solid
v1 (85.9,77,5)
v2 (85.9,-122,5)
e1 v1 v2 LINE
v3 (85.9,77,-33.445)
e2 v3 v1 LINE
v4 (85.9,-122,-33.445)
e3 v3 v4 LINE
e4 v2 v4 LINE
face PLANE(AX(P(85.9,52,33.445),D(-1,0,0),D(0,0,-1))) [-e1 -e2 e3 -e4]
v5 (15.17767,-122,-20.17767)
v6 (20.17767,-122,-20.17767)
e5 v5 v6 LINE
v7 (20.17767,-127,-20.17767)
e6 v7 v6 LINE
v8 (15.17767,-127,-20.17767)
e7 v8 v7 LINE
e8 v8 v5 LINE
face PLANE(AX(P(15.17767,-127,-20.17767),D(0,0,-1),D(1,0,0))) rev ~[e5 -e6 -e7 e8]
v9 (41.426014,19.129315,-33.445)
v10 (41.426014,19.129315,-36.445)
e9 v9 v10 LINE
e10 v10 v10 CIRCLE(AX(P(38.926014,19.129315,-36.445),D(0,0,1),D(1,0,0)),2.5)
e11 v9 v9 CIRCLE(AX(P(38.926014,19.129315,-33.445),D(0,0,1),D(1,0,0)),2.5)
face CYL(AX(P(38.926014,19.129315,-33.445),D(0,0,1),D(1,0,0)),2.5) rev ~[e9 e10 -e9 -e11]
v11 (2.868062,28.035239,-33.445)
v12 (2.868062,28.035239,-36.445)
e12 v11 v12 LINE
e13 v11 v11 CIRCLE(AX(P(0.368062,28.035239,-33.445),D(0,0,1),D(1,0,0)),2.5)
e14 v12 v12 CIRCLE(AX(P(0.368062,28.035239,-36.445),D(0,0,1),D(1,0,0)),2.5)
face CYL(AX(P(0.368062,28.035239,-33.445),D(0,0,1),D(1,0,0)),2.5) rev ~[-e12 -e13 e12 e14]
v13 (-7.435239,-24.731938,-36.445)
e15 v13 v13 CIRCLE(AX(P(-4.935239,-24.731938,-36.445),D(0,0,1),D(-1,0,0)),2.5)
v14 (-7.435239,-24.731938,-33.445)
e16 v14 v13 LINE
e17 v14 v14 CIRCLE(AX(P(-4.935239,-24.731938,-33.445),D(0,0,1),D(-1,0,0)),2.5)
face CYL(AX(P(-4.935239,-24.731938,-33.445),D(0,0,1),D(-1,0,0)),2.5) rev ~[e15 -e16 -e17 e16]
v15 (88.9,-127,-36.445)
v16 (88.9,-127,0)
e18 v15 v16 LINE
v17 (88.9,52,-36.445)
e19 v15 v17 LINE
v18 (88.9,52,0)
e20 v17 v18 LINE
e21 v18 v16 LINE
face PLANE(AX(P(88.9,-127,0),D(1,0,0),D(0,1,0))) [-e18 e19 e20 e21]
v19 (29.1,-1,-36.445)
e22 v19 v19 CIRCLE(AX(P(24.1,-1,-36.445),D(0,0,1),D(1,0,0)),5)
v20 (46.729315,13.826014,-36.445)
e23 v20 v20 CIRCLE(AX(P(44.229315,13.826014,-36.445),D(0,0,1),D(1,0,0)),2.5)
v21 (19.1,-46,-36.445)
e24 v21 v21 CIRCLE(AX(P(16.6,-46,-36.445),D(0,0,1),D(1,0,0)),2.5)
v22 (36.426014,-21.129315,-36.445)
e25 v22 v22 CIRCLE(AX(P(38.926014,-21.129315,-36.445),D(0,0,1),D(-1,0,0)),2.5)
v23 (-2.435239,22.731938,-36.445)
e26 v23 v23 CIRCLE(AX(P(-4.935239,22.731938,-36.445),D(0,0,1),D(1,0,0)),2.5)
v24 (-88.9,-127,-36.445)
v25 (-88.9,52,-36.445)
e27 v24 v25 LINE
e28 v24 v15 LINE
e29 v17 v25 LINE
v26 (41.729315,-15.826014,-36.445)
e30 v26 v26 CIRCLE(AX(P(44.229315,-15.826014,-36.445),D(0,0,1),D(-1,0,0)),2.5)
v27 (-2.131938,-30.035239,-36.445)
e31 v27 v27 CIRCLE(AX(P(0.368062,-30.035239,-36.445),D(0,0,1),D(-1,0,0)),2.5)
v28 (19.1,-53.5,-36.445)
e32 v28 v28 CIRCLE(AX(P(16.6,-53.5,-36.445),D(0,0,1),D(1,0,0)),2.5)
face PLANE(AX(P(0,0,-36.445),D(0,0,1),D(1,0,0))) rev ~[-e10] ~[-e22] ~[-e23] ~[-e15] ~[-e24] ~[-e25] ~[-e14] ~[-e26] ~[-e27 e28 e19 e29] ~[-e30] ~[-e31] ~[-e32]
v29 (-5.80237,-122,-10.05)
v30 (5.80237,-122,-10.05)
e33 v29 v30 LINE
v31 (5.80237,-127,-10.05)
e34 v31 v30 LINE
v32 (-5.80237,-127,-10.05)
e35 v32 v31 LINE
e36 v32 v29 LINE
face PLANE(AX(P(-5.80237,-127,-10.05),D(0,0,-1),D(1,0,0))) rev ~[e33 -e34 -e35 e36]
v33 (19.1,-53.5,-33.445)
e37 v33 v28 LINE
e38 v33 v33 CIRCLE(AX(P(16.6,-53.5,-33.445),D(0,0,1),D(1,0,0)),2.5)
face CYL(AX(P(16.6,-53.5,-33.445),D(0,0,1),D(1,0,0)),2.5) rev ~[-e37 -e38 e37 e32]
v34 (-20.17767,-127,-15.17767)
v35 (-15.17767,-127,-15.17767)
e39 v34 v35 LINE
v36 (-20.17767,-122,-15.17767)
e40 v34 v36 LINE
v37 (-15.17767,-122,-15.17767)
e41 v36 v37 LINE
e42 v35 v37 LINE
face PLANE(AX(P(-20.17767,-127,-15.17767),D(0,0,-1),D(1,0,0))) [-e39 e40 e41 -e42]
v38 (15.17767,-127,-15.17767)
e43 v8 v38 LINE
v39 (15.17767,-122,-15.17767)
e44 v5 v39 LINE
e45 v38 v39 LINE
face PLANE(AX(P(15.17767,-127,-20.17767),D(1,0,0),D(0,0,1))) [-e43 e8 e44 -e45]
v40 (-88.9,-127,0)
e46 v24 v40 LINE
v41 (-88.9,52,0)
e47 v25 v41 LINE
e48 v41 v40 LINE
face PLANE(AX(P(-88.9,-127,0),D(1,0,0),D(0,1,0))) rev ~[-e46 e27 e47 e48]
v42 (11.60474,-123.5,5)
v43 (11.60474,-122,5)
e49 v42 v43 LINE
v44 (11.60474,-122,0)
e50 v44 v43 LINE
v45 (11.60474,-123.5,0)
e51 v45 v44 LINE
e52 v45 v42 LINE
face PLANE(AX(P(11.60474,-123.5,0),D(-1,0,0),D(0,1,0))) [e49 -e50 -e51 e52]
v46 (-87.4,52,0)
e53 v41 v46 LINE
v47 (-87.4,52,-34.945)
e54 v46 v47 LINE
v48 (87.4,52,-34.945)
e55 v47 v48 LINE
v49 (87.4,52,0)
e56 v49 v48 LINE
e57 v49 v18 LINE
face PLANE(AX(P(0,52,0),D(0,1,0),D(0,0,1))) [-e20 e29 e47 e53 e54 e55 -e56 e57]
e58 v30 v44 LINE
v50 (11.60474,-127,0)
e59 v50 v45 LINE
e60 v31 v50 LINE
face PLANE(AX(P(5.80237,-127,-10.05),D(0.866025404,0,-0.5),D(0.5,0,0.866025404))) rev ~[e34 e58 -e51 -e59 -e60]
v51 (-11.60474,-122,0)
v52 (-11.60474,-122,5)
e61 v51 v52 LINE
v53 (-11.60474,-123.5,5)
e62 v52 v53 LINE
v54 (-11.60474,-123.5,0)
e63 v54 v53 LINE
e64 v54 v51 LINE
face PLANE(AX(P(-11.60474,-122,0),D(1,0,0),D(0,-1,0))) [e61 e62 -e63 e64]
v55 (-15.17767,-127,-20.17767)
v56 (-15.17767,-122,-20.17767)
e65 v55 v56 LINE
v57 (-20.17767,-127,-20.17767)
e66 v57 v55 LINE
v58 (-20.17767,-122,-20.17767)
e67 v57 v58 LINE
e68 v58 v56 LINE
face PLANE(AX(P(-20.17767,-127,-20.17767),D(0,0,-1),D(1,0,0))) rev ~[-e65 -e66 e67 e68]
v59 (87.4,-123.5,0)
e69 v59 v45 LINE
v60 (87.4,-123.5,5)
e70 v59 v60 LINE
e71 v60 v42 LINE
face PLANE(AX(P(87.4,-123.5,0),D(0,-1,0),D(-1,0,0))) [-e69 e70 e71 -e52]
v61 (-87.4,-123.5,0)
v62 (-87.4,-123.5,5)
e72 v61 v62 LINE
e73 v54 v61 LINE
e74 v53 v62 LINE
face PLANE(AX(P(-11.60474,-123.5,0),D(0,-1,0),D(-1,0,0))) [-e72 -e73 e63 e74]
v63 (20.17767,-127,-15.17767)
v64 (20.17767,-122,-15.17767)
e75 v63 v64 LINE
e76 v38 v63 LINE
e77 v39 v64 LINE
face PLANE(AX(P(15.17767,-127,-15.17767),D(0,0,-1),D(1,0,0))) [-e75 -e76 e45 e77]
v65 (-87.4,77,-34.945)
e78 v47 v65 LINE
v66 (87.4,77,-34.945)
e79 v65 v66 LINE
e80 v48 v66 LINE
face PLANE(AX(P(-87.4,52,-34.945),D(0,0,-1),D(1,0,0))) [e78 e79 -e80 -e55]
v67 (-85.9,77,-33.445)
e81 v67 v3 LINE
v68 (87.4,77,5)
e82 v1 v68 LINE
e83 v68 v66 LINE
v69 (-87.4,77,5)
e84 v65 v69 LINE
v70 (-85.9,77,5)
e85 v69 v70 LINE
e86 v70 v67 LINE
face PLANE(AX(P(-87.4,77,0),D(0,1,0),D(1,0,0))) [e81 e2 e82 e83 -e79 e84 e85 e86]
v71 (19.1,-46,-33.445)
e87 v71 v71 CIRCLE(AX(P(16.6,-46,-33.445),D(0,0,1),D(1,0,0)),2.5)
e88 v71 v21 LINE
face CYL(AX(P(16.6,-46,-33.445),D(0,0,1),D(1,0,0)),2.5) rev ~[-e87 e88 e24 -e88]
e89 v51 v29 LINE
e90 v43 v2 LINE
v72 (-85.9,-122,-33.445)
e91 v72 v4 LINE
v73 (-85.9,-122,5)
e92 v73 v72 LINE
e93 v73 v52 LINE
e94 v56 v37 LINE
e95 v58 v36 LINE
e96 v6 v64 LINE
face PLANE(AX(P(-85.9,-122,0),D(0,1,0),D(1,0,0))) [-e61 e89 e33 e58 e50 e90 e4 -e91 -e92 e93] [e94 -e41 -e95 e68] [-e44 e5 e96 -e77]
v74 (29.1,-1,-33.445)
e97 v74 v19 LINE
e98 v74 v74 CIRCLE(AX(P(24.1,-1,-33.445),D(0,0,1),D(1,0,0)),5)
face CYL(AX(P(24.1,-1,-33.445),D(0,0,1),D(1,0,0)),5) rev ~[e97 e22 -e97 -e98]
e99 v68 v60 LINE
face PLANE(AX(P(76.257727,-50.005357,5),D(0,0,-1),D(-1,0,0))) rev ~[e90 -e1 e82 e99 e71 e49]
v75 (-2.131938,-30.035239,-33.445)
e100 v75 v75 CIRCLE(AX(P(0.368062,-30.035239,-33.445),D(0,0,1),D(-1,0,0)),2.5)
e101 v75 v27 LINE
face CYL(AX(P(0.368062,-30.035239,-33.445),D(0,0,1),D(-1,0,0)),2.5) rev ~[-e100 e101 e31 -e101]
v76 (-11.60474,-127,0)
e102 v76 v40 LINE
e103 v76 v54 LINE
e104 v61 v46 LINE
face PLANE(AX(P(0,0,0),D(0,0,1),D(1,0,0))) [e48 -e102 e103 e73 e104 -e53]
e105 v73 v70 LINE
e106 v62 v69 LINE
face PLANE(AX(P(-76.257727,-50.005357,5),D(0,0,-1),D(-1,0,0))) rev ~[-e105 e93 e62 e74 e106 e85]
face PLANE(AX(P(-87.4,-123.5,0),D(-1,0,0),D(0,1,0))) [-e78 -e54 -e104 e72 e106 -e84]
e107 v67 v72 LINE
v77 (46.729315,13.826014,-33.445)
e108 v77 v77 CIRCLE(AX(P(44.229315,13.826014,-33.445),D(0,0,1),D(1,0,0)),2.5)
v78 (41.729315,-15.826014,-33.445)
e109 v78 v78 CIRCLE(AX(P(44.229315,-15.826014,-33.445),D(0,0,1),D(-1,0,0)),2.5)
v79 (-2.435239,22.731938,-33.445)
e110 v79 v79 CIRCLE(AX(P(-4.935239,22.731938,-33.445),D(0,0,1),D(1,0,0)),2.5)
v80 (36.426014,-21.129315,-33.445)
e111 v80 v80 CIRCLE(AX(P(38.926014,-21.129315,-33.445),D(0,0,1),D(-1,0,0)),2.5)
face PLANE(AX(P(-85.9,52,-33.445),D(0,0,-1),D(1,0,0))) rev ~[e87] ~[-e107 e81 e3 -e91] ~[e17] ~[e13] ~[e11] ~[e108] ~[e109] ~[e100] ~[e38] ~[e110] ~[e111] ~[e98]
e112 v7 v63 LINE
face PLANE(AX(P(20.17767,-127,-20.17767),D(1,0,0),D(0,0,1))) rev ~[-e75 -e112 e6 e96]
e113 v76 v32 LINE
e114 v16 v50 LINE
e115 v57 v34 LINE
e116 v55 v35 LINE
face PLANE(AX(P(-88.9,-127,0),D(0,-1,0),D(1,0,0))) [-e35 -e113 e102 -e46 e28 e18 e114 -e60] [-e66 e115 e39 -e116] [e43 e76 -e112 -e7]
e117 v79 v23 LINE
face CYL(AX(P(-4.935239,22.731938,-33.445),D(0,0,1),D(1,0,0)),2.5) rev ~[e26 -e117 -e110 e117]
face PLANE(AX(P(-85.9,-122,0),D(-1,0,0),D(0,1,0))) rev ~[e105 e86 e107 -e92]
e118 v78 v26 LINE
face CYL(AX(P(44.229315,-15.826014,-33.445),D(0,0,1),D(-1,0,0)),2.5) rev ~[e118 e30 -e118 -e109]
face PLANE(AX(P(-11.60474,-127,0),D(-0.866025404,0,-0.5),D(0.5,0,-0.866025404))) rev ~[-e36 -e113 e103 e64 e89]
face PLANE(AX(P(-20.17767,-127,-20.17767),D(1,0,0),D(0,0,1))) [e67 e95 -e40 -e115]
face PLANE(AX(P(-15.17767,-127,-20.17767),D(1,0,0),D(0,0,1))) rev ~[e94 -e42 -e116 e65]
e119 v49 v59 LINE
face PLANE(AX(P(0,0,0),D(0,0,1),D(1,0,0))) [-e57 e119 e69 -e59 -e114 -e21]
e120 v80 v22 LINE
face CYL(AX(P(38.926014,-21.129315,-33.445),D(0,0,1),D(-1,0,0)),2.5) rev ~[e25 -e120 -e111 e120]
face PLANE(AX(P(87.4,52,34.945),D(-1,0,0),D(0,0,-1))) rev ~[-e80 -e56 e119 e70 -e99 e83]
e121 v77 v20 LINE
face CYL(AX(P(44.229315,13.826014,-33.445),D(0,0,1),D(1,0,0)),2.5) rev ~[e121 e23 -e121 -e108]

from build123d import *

# Parameters (mm, degrees)
SKETCH1_W           = 177.8
SKETCH1_H           = 254
BOSS_EXTRUDE1_DEPTH = 36.445
SHELL1_T            = 3
SKETCH2_R           = 22
CUT_EXTRUDE1_DEPTH  = 3
SKETCH3_R           = 5
SKETCH3_R_2         = 2.5
CUT_EXTRUDE2_DEPTH  = 3
SKETCH12_W          = 12
SKETCH12_H          = 66.89
BOSS_EXTRUDE5_DEPTH = 8
SKETCH10_R          = 3
CUT_EXTRUDE8_DEPTH  = 8
SKETCH13_W          = 174.8
SKETCH13_H          = 69.89
SKETCH13_W_2        = 171.8
SKETCH13_H_2        = 66.89
BOSS_EXTRUDE6_DEPTH = 25
SKETCH14_W          = 175.3
SKETCH14_H          = 70.39
SKETCH14_W_2        = 171.8
SKETCH14_H_2        = 66.89
CUT_EXTRUDE9_DEPTH  = 10
SKETCH17_W          = 171.8
SKETCH17_H          = 66.89
BOSS_EXTRUDE7_DEPTH = 2
SKETCH15_W          = 5
SKETCH15_H          = 5
CUT_EXTRUDE10_DEPTH = 5
BOSS_EXTRUDE8_DEPTH = 5


with BuildPart() as part:
    # Sketch1 → Boss-Extrude1 (new, symmetric)
    with BuildSketch(Plane.XY):
        Rectangle(SKETCH1_W, SKETCH1_H)
    extrude(amount=BOSS_EXTRUDE1_DEPTH, both=True)

    # Shell1 (no face opened: a closed hollow body)
    add(offset(amount=-SHELL1_T, mode=Mode.PRIVATE), mode=Mode.SUBTRACT)

    # Sketch2 → Cut-Extrude1 (cut)
    with BuildSketch(Plane(origin=(0, 0, 33.445), x_dir=(-1, 0, 0), z_dir=(0, 0, -1))):
        with Locations((0, -4)):
            Circle(SKETCH2_R)
    extrude(amount=-CUT_EXTRUDE1_DEPTH, mode=Mode.SUBTRACT)

    # Sketch3 → Cut-Extrude2 (cut)
    with BuildSketch(Plane.XY.offset(-33.445)):
        with Locations((24.1, -1)):
            Circle(SKETCH3_R)
        with Locations((44.229314747, 13.826013888)):
            Circle(SKETCH3_R_2)
        with Locations((38.926013888, 19.129314747)):
            Circle(SKETCH3_R_2)
        with Locations(Location((38.926013888, -21.129314747, 0), (0, 0, 180))):
            Circle(SKETCH3_R_2)
        with Locations(Location((44.229314747, -15.826013888, 0), (0, 0, 180))):
            Circle(SKETCH3_R_2)
        with Locations((0.36806178, 28.035239078)):
            Circle(SKETCH3_R_2)
        with Locations((-4.935239078, 22.73193822)):
            Circle(SKETCH3_R_2)
        with Locations(Location((-4.935239078, -24.73193822, 0), (0, 0, 180))):
            Circle(SKETCH3_R_2)
        with Locations(Location((0.36806178, -30.035239078, 0), (0, 0, 180))):
            Circle(SKETCH3_R_2)
        with Locations((16.6, -46)):
            Circle(SKETCH3_R_2)
        with Locations((16.6, -53.5)):
            Circle(SKETCH3_R_2)
    extrude(amount=-CUT_EXTRUDE2_DEPTH, mode=Mode.SUBTRACT)

    # Sketch12 → Boss-Extrude5 (add)
    with BuildSketch(Plane.XZ.offset(-124)):
        Rectangle(SKETCH12_W, SKETCH12_H)
    extrude(amount=BOSS_EXTRUDE5_DEPTH)

    # Sketch10 → Cut-Extrude8 (cut)
    with BuildSketch(Plane(origin=(0, 127, 0), x_dir=(1, 0, 0), z_dir=(0, 1, 0))):
        with Locations(Location((0, 0, 0), (0, 0, 270))):
            Circle(SKETCH10_R)
    extrude(amount=-CUT_EXTRUDE8_DEPTH, mode=Mode.SUBTRACT)


with BuildPart() as body_2:
    # Split2: the piece on the far side of the plane
    add(part.part)
    split(bisect_by=Plane.ZX.offset(52), keep=Keep.BOTTOM)

    # Sketch13 → Boss-Extrude6 (add)
    with BuildSketch(Plane(origin=(0, 52, 0), x_dir=(1, 0, 0), z_dir=(0, 1, 0))):
        Rectangle(SKETCH13_W, SKETCH13_H)
        Rectangle(SKETCH13_W_2, SKETCH13_H_2, mode=Mode.SUBTRACT)
    extrude(amount=BOSS_EXTRUDE6_DEPTH)

    # Sketch17 → Boss-Extrude7 (add)
    with BuildSketch(Plane(origin=(0, -124, 0), x_dir=(1, 0, 0), z_dir=(0, 1, 0))):
        Rectangle(SKETCH17_W, SKETCH17_H)
    extrude(amount=BOSS_EXTRUDE7_DEPTH)

    # Sketch15 → Cut-Extrude10 (cut)
    with BuildSketch(Plane.XZ.offset(127)):
        Polygon((11.604740411, 0), (5.802370205, 10.05), (-5.802370205, 10.05), (-11.604740411, 0), (-5.802370205, -10.05), (5.802370205, -10.05), align=None)
        with Locations((-17.67766953, 17.67766953)):
            Rectangle(SKETCH15_W, SKETCH15_H)
        with Locations((17.67766953, 17.67766953)):
            Rectangle(SKETCH15_W, SKETCH15_H)
        with Locations((17.67766953, -17.67766953)):
            Rectangle(SKETCH15_W, SKETCH15_H)
        with Locations((-17.67766953, -17.67766953)):
            Rectangle(SKETCH15_W, SKETCH15_H)
    extrude(amount=-CUT_EXTRUDE10_DEPTH, mode=Mode.SUBTRACT)


with BuildPart() as part_1:
    add(part.part)

    # Split2
    split(bisect_by=Plane.ZX.offset(52), keep=Keep.TOP)

    # Sketch14 → Cut-Extrude9 (cut)
    with BuildSketch(Plane.XZ.offset(-52)):
        Rectangle(SKETCH14_W, SKETCH14_H)
        Rectangle(SKETCH14_W_2, SKETCH14_H_2, mode=Mode.SUBTRACT)
    extrude(amount=-CUT_EXTRUDE9_DEPTH, mode=Mode.SUBTRACT)


with BuildPart() as body_3:
    # Split3: the piece on the far side of the plane
    add(body_2.part)
    split(bisect_by=Plane.XY, keep=Keep.BOTTOM)

    # Sketch19 → Boss-Extrude8 (add)
    with BuildSketch(Plane.XY):
        Polygon((-87.4, 77), (-85.9, 77), (-85.9, 75.5), (-85.9, -122), (-11.604740411, -122), (-11.604740411, -123.5), (-87.4, -123.5), align=None)
        Polygon((87.4, 77), (87.4, -123.5), (11.604740411, -123.5), (11.604740411, -122), (85.9, -122), (85.9, 75.5), (85.9, 77), align=None)
    extrude(amount=BOSS_EXTRUDE8_DEPTH)


with BuildPart() as body_2_1:
    add(body_2.part)

    # Split3
    split(bisect_by=Plane.XY, keep=Keep.TOP)


solid = body_3.part
